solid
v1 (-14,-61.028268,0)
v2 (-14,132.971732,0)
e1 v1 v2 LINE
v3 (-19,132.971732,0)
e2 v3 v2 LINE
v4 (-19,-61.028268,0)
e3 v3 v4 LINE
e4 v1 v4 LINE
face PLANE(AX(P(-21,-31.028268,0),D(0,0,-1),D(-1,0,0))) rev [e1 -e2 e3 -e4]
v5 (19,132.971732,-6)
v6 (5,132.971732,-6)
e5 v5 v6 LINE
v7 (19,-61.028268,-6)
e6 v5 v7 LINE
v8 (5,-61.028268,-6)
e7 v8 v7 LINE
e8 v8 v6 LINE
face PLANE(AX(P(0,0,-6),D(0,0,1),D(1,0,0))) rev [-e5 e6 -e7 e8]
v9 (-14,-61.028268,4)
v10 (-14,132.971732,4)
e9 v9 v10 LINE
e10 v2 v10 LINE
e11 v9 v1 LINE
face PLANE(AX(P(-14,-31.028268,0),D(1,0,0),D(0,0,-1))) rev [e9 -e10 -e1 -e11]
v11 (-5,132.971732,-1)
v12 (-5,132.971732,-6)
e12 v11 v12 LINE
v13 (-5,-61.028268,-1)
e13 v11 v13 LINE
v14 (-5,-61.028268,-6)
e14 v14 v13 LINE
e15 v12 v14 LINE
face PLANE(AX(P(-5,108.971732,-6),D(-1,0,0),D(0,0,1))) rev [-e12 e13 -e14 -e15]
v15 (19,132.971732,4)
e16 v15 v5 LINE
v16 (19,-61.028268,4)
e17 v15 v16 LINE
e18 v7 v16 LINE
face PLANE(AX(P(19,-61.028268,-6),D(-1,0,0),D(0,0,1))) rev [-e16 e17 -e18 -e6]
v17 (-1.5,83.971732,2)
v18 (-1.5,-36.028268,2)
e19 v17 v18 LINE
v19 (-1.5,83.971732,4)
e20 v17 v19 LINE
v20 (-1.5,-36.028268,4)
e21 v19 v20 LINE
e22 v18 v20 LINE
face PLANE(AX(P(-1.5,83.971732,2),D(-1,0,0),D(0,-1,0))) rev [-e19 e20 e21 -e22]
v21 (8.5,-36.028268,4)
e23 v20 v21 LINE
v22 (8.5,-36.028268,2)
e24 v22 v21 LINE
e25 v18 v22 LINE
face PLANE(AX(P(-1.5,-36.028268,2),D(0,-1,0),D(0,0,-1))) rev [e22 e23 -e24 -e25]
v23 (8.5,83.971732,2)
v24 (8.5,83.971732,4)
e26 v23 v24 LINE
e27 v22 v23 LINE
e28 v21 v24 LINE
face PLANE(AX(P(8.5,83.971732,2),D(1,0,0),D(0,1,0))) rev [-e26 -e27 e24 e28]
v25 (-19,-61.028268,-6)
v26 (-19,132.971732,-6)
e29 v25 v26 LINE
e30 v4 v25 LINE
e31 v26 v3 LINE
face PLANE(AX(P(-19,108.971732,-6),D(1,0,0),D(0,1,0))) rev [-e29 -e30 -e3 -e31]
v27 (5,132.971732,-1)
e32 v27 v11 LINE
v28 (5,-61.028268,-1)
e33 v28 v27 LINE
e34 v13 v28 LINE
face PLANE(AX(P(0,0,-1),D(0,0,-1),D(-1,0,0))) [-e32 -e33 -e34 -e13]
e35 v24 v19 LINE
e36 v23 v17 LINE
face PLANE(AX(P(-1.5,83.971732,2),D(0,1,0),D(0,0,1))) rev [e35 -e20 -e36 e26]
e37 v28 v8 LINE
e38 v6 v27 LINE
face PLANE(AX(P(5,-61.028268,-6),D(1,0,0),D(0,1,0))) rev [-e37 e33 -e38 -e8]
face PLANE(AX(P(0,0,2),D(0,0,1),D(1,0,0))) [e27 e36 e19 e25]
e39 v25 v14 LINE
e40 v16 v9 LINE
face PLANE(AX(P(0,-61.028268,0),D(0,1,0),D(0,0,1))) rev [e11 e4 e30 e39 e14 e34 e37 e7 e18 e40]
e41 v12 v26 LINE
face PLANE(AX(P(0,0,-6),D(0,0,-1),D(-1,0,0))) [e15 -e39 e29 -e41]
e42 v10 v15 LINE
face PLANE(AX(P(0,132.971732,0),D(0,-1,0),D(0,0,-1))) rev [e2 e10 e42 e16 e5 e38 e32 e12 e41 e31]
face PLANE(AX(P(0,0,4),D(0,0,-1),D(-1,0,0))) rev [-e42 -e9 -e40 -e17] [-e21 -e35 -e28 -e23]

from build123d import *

# Parameters (mm, degrees)
SKETCH1_W            = 14
SKETCH1_H            = 100
BOSS_EXTRUDE1_DEPTH  = 2
SKETCH2_W            = 2
SKETCH2_H            = 100
BOSS_EXTRUDE2_DEPTH  = 4
SKETCH3_W            = 2
SKETCH3_H            = 100
BOSS_EXTRUDE4_DEPTH  = 2
SKETCH4_W            = 2
SKETCH4_H            = 100
BOSS_EXTRUDE5_DEPTH  = 2
SKETCH6_W            = 18
SKETCH6_H            = 100
BOSS_EXTRUDE6_DEPTH  = 1
SKETCH7_W            = 3
SKETCH7_H            = 100
CUT_EXTRUDE1_DEPTH   = 1
BOSS_EXTRUDE7_DEPTH  = 50
SKETCH9_W            = 3
SKETCH9_H            = 1
CUT_EXTRUDE2_DEPTH   = 150
SKETCH10_W           = 3
SKETCH10_H           = 1
BOSS_EXTRUDE8_DEPTH  = 150
SKETCH11_W           = 2
SKETCH11_H           = 50
CUT_EXTRUDE3_DEPTH   = 50
SKETCH14_W           = 16
SKETCH14_H           = 30
CUT_EXTRUDE4_DEPTH   = 50
SKETCH15_W           = 10
SKETCH15_H           = 2
BOSS_EXTRUDE9_DEPTH  = 4
SKETCH16_W           = 10
SKETCH16_H           = 8
BOSS_EXTRUDE10_DEPTH = 4
SKETCH21_W           = 10
SKETCH21_H           = 8
CUT_EXTRUDE5_DEPTH   = 4
SKETCH23_W           = 16
SKETCH23_H           = 120
CUT_EXTRUDE7_DEPTH   = 2
SKETCH24_W           = 3
SKETCH24_H           = 40
BOSS_EXTRUDE13_DEPTH = 1
BOSS_EXTRUDE14_DEPTH = 50
SKETCH27_W           = 2
SKETCH27_H           = 170
BOSS_EXTRUDE15_DEPTH = 2
SKETCH28_W           = 5
SKETCH28_H           = 170
BOSS_EXTRUDE16_DEPTH = 18
SKETCH29_W           = 5
SKETCH29_H           = 170
BOSS_EXTRUDE17_DEPTH = 40
SKETCH30_W           = 1
SKETCH30_H           = 170
BOSS_EXTRUDE18_DEPTH = 1
SKETCH31_W           = 1
SKETCH31_H           = 170
BOSS_EXTRUDE19_DEPTH = 1
SKETCH32_W           = 10
SKETCH32_H           = 170
CUT_EXTRUDE8_DEPTH   = 2
SKETCH33_W           = 40
SKETCH33_H           = 4
BOSS_EXTRUDE20_DEPTH = 1
SKETCH34_W           = 10
SKETCH34_H           = 40
BOSS_EXTRUDE21_DEPTH = 2
SKETCH35_W           = 3
SKETCH35_H           = 170
CUT_EXTRUDE9_DEPTH   = 1
SKETCH36_W           = 1
SKETCH36_H           = 170
BOSS_EXTRUDE22_DEPTH = 1
SKETCH37_W           = 1
SKETCH37_H           = 170
CUT_EXTRUDE10_DEPTH  = 2
SKETCH39_W           = 6
SKETCH39_H           = 170
CUT_EXTRUDE11_DEPTH  = 4
SKETCH40_W           = 10
SKETCH40_H           = 129
BOSS_EXTRUDE23_DEPTH = 2
SKETCH41_W           = 10
SKETCH41_H           = 120
CUT_EXTRUDE12_DEPTH  = 2
BOSS_EXTRUDE24_DEPTH = 30
CUT_EXTRUDE13_DEPTH  = 30
SKETCH45_W           = 10
SKETCH45_H           = 120
CUT_EXTRUDE14_DEPTH  = 2
SKETCH46_W           = 10
SKETCH46_H           = 20
BOSS_EXTRUDE25_DEPTH = 2
SKETCH47_W           = 10
SKETCH47_H           = 5
BOSS_EXTRUDE26_DEPTH = 2
SKETCH48_W           = 10
SKETCH48_H           = 5
CUT_EXTRUDE15_DEPTH  = 2
SKETCH52_W           = 10
SKETCH52_H           = 120
BOSS_EXTRUDE27_DEPTH = 2
SKETCH53_W           = 10
SKETCH53_H           = 120
CUT_EXTRUDE16_DEPTH  = 2
SKETCH54_W           = 15
SKETCH54_H           = 170
BOSS_EXTRUDE28_DEPTH = 5
SKETCH55_W           = 1
SKETCH55_H           = 170
CUT_EXTRUDE17_DEPTH  = 1
SKETCH56_W           = 1
SKETCH56_H           = 170
CUT_EXTRUDE18_DEPTH  = 10
SKETCH57_W           = 1
SKETCH57_H           = 170
CUT_EXTRUDE19_DEPTH  = 11
BOSS_EXTRUDE29_DEPTH = 14
CUT_EXTRUDE20_DEPTH  = 14
BOSS_EXTRUDE30_DEPTH = 14
BOSS_EXTRUDE31_DEPTH = 10


with BuildPart() as part:
    # Sketch1 → Boss-Extrude1 (new body)
    with BuildSketch(Plane.XY):
        with Locations((-7, 38.971731826)):
            Rectangle(SKETCH1_W, SKETCH1_H)
    extrude(amount=BOSS_EXTRUDE1_DEPTH)

    # Sketch2 → Boss-Extrude2 (add)
    with BuildSketch(Plane.XY.offset(2)):
        with Locations((-13, 38.971731826)):
            Rectangle(SKETCH2_W, SKETCH2_H)
        with Locations((-1, 38.971731826)):
            Rectangle(SKETCH2_W, SKETCH2_H)
    extrude(amount=BOSS_EXTRUDE2_DEPTH)

    # Sketch3 → Boss-Extrude4 (add)
    with BuildSketch(Plane(origin=(0, 0, 0), x_dir=(0, 0, -1), z_dir=(1, 0, 0))):
        with Locations((-1, 38.971731826)):
            Rectangle(SKETCH3_W, SKETCH3_H)
    extrude(amount=BOSS_EXTRUDE4_DEPTH)

    # Sketch4 → Boss-Extrude5 (add)
    with BuildSketch(Plane.ZY.offset(14)):
        with Locations((1, 38.971731826)):
            Rectangle(SKETCH4_W, SKETCH4_H)
    extrude(amount=BOSS_EXTRUDE5_DEPTH)

    # Sketch6 → Boss-Extrude6 (add)
    with BuildSketch(Plane(origin=(0, 0, 0), x_dir=(-1, 0, 0), z_dir=(0, 0, -1))):
        with Locations((7, 38.971731826)):
            Rectangle(SKETCH6_W, SKETCH6_H)
    extrude(amount=BOSS_EXTRUDE6_DEPTH)

    # Sketch7 → Cut-Extrude1 (cut)
    with BuildSketch(Plane(origin=(0, 0, -1), x_dir=(-1, 0, 0), z_dir=(0, 0, -1))):
        with Locations((7, 38.971731826)):
            Rectangle(SKETCH7_W, SKETCH7_H)
    extrude(amount=-CUT_EXTRUDE1_DEPTH, mode=Mode.SUBTRACT)

    # Sketch8 → Boss-Extrude7 (add)
    with BuildSketch(Plane(origin=(0, 88.971731826, 0), x_dir=(1, 0, 0), z_dir=(0, 1, 0))):
        Polygon((2, 1), (-5.5, 1), (-5.5, 0), (-8.5, 0), (-8.5, 1), (-16, 1), (-16, -2), (-14, -2), (-14, -6), (-12, -6), (-12, -2), (-2, -2), (-2, -6), (0, -6), (0, -2), (2, -2), align=None)
    extrude(amount=BOSS_EXTRUDE7_DEPTH)

    # Sketch9 → Cut-Extrude2 (cut)
    with BuildSketch(Plane(origin=(0, 138.971731826, 0), x_dir=(1, 0, 0), z_dir=(0, 1, 0))):
        with Locations((-10, 0.5)):
            Rectangle(SKETCH9_W, SKETCH9_H)
    extrude(amount=-CUT_EXTRUDE2_DEPTH, mode=Mode.SUBTRACT)

    # Sketch10 → Boss-Extrude8 (add)
    with BuildSketch(Plane(origin=(0, 138.971731826, 0), x_dir=(1, 0, 0), z_dir=(0, 1, 0))):
        with Locations((-7, 0.5)):
            Rectangle(SKETCH10_W, SKETCH10_H)
    extrude(amount=-BOSS_EXTRUDE8_DEPTH)

    # Sketch11 → Cut-Extrude3 (cut)
    with BuildSketch(Plane.XY.offset(2)):
        with Locations((-15, 13.971731826)):
            Rectangle(SKETCH11_W, SKETCH11_H)
    extrude(amount=-CUT_EXTRUDE3_DEPTH, mode=Mode.SUBTRACT)

    # Sketch14 → Cut-Extrude4 (cut)
    with BuildSketch(Plane.XY.offset(6)):
        with Locations((-6, 3.971731826)):
            Rectangle(SKETCH14_W, SKETCH14_H)
    extrude(amount=-CUT_EXTRUDE4_DEPTH, mode=Mode.SUBTRACT)

    # Sketch15 → Boss-Extrude9 (add)
    with BuildSketch(Plane.XY.offset(2)):
        with Locations((-7, 137.971731826)):
            Rectangle(SKETCH15_W, SKETCH15_H)
    extrude(amount=BOSS_EXTRUDE9_DEPTH)

    # Sketch16 → Boss-Extrude10 (add)
    with BuildSketch(Plane.XY.offset(2)):
        with Locations((-7, 132.971731826)):
            Rectangle(SKETCH16_W, SKETCH16_H)
    extrude(amount=BOSS_EXTRUDE10_DEPTH)

    # Sketch21 → Cut-Extrude5 (cut)
    with BuildSketch(Plane.XY.offset(6)):
        with Locations((-7, 132.971731826)):
            Rectangle(SKETCH21_W, SKETCH21_H)
    extrude(amount=-CUT_EXTRUDE5_DEPTH, mode=Mode.SUBTRACT)

    # Sketch23 → Cut-Extrude7 (cut)
    with BuildSketch(Plane.XY.offset(6)):
        with Locations((-6, 78.971731826)):
            Rectangle(SKETCH23_W, SKETCH23_H)
    extrude(amount=-CUT_EXTRUDE7_DEPTH, mode=Mode.SUBTRACT)

    # Sketch24 → Boss-Extrude13 (add)
    with BuildSketch(Plane(origin=(0, 0, 0), x_dir=(-1, 0, 0), z_dir=(0, 0, -1))):
        with Locations((10, 118.971731826)):
            Rectangle(SKETCH24_W, SKETCH24_H)
    extrude(amount=BOSS_EXTRUDE13_DEPTH)

    # Sketch26 → Boss-Extrude14 (add)
    with BuildSketch(Plane.XZ.offset(-18.971731826)):
        Polygon((-14, 4), (-12, 4), (-12, 2), (-2, 2), (-2, 4), (0, 4), (0, 2), (2, 2), (2, -1), (-8.5, -1), (-8.5, 0), (-11.5, 0), (-11.5, -1), (-14, -1), align=None)
    extrude(amount=BOSS_EXTRUDE14_DEPTH)

    # Sketch27 → Boss-Extrude15 (add, through all)
    with BuildSketch(Plane(origin=(0, 0, 0), x_dir=(0, 0, -1), z_dir=(1, 0, 0))):
        with Locations((-3, 53.971731826)):
            Rectangle(SKETCH27_W, SKETCH27_H)
    extrude(amount=BOSS_EXTRUDE15_DEPTH)

    # Sketch28 → Boss-Extrude16 (add)
    with BuildSketch(Plane(origin=(2, 0, 0), x_dir=(0, 0, -1), z_dir=(1, 0, 0))):
        with Locations((-1.5, 53.971731826)):
            Rectangle(SKETCH28_W, SKETCH28_H)
    extrude(amount=BOSS_EXTRUDE16_DEPTH)

    # Sketch29 → Boss-Extrude17 (add)
    with BuildSketch(Plane(origin=(20, 0, 0), x_dir=(0, 0, -1), z_dir=(1, 0, 0))):
        with Locations((-1.5, 53.971731826)):
            Rectangle(SKETCH29_W, SKETCH29_H)
    extrude(amount=-BOSS_EXTRUDE17_DEPTH)

    # Sketch30 → Boss-Extrude18 (add)
    with BuildSketch(Plane.ZY.offset(20)):
        with Locations((3.5, 53.971731826)):
            Rectangle(SKETCH30_W, SKETCH30_H)
    extrude(amount=BOSS_EXTRUDE18_DEPTH)

    # Sketch31 → Boss-Extrude19 (add)
    with BuildSketch(Plane(origin=(20, 0, 0), x_dir=(0, 0, -1), z_dir=(1, 0, 0))):
        with Locations((-3.5, 53.971731826)):
            Rectangle(SKETCH31_W, SKETCH31_H)
    extrude(amount=BOSS_EXTRUDE19_DEPTH)

    # Sketch32 → Cut-Extrude8 (cut)
    with BuildSketch(Plane(origin=(0, 0, -1), x_dir=(-1, 0, 0), z_dir=(0, 0, -1))):
        with Locations((0, 53.971731826)):
            Rectangle(SKETCH32_W, SKETCH32_H)
    extrude(amount=-CUT_EXTRUDE8_DEPTH, mode=Mode.SUBTRACT)

    # Sketch33 → Boss-Extrude20 (add)
    with BuildSketch(Plane(origin=(0, 138.971731826, 0), x_dir=(1, 0, 0), z_dir=(0, 1, 0))):
        with Locations((0, -1)):
            Rectangle(SKETCH33_W, SKETCH33_H)
    extrude(amount=-BOSS_EXTRUDE20_DEPTH)

    # Sketch34 → Boss-Extrude21 (add, through all)
    with BuildSketch(Plane(origin=(0, 0, 1), x_dir=(-1, 0, 0), z_dir=(0, 0, -1))):
        with Locations((0, -11.028268174)):
            Rectangle(SKETCH34_W, SKETCH34_H)
    extrude(amount=BOSS_EXTRUDE21_DEPTH)

    # Sketch35 → Cut-Extrude9 (cut)
    with BuildSketch(Plane.XY.offset(4)):
        with Locations((-18, 53.971731826)):
            Rectangle(SKETCH35_W, SKETCH35_H)
    extrude(amount=-CUT_EXTRUDE9_DEPTH, mode=Mode.SUBTRACT)

    # Sketch36 → Boss-Extrude22 (add)
    with BuildSketch(Plane.ZY.offset(20)):
        with Locations((-0.5, 53.971731826)):
            Rectangle(SKETCH36_W, SKETCH36_H)
    extrude(amount=BOSS_EXTRUDE22_DEPTH)

    # Sketch37 → Cut-Extrude10 (cut, through all)
    with BuildSketch(Plane(origin=(0, 0, 3), x_dir=(-1, 0, 0), z_dir=(0, 0, -1))):
        with Locations((20.5, 53.971731826)):
            Rectangle(SKETCH37_W, SKETCH37_H)
    extrude(amount=-CUT_EXTRUDE10_DEPTH, mode=Mode.SUBTRACT)

    # Sketch39 → Cut-Extrude11 (cut)
    with BuildSketch(Plane.XY.offset(4)):
        with Locations((-17, 53.971731826)):
            Rectangle(SKETCH39_W, SKETCH39_H)
    extrude(amount=-CUT_EXTRUDE11_DEPTH, mode=Mode.SUBTRACT)

    # Sketch40 → Boss-Extrude23 (add, through all)
    with BuildSketch(Plane(origin=(0, 0, 1), x_dir=(-1, 0, 0), z_dir=(0, 0, -1))):
        with Locations((0, 73.471731826)):
            Rectangle(SKETCH40_W, SKETCH40_H)
    extrude(amount=BOSS_EXTRUDE23_DEPTH)

    # Sketch41 → Cut-Extrude12 (cut)
    with BuildSketch(Plane.XY.offset(4)):
        with Locations((0, 38.971731826)):
            Rectangle(SKETCH41_W, SKETCH41_H)
    extrude(amount=-CUT_EXTRUDE12_DEPTH, mode=Mode.SUBTRACT)

    # Sketch43 → Boss-Extrude24 (add)
    with BuildSketch(Plane.XZ.offset(31.028268174)):
        Polygon((-21, -1), (-21, 0), (-14, 0), (-14, 4), (21, 4), (21, 3), (20, 3), (20, -1), align=None)
    extrude(amount=BOSS_EXTRUDE24_DEPTH)

    # Sketch44 → Cut-Extrude13 (cut)
    with BuildSketch(Plane(origin=(0, 138.971731826, 0), x_dir=(1, 0, 0), z_dir=(0, 1, 0))):
        Polygon((-21, 1), (20, 1), (20, -3), (21, -3), (21, -4), (-14, -4), (-14, 0), (-21, 0), align=None)
    extrude(amount=-CUT_EXTRUDE13_DEPTH, mode=Mode.SUBTRACT)

    # Sketch45 → Cut-Extrude14 (cut)
    with BuildSketch(Plane.XY.offset(4)):
        with Locations((0, 18.971731826)):
            Rectangle(SKETCH45_W, SKETCH45_H)
    extrude(amount=-CUT_EXTRUDE14_DEPTH, mode=Mode.SUBTRACT)

    # Sketch46 → Boss-Extrude25 (add)
    with BuildSketch(Plane.XY.offset(4)):
        with Locations((0, 88.971731826)):
            Rectangle(SKETCH46_W, SKETCH46_H)
    extrude(amount=-BOSS_EXTRUDE25_DEPTH)

    # Sketch47 → Boss-Extrude26 (add)
    with BuildSketch(Plane.XY.offset(4)):
        with Locations((0, -38.528268174)):
            Rectangle(SKETCH47_W, SKETCH47_H)
    extrude(amount=-BOSS_EXTRUDE26_DEPTH)

    # Sketch48 → Cut-Extrude15 (cut)
    with BuildSketch(Plane.XY.offset(4)):
        with Locations((0, 81.471731826)):
            Rectangle(SKETCH48_W, SKETCH48_H)
    extrude(amount=-CUT_EXTRUDE15_DEPTH, mode=Mode.SUBTRACT)

    # Sketch52 → Boss-Extrude27 (add)
    with BuildSketch(Plane.XY.offset(4)):
        with Locations((0, 23.971731826)):
            Rectangle(SKETCH52_W, SKETCH52_H)
    extrude(amount=-BOSS_EXTRUDE27_DEPTH)

    # Sketch53 → Cut-Extrude16 (cut)
    with BuildSketch(Plane.XY.offset(4)):
        with Locations((3.5, 23.971731826)):
            Rectangle(SKETCH53_W, SKETCH53_H)
    extrude(amount=-CUT_EXTRUDE16_DEPTH, mode=Mode.SUBTRACT)

    # Sketch54 → Boss-Extrude28 (add)
    with BuildSketch(Plane(origin=(0, 0, -1), x_dir=(-1, 0, 0), z_dir=(0, 0, -1))):
        with Locations((-12.5, 23.971731826)):
            Rectangle(SKETCH54_W, SKETCH54_H)
        with Locations((12.5, 23.971731826)):
            Rectangle(SKETCH54_W, SKETCH54_H)
    extrude(amount=BOSS_EXTRUDE28_DEPTH)

    # Sketch55 → Cut-Extrude17 (cut)
    with BuildSketch(Plane(origin=(0, 0, -1), x_dir=(-1, 0, 0), z_dir=(0, 0, -1))):
        with Locations((20.5, 23.971731826)):
            Rectangle(SKETCH55_W, SKETCH55_H)
    extrude(amount=-CUT_EXTRUDE17_DEPTH, mode=Mode.SUBTRACT)

    # Sketch56 → Cut-Extrude18 (cut)
    with BuildSketch(Plane(origin=(0, 0, 3), x_dir=(-1, 0, 0), z_dir=(0, 0, -1))):
        with Locations((-20.5, 23.971731826)):
            Rectangle(SKETCH56_W, SKETCH56_H)
    extrude(amount=-CUT_EXTRUDE18_DEPTH, mode=Mode.SUBTRACT)

    # Sketch57 → Cut-Extrude19 (cut, through all)
    with BuildSketch(Plane.XY.offset(4)):
        with Locations((19.5, 23.971731826)):
            Rectangle(SKETCH57_W, SKETCH57_H)
        with Locations((-19.5, 23.971731826)):
            Rectangle(SKETCH57_W, SKETCH57_H)
    extrude(amount=-CUT_EXTRUDE19_DEPTH, mode=Mode.SUBTRACT)

    # Sketch58 → Boss-Extrude29 (add)
    with BuildSketch(Plane.XZ.offset(61.028268174)):
        Polygon((-19, -6), (-5, -6), (-5, -1), (5, -1), (5, -6), (19, -6), (19, 4), (-14, 4), (-14, 0), (-19, 0), align=None)
    extrude(amount=BOSS_EXTRUDE29_DEPTH)

    # Sketch59 → Cut-Extrude20 (cut)
    with BuildSketch(Plane.XZ.offset(75.028268174)):
        Polygon((-19, -6), (-19, 0), (-14, 0), (-14, 4), (19, 4), (19, -6), (5, -6), (5, -1), (-5, -1), (-5, -6), align=None)
    extrude(amount=-CUT_EXTRUDE20_DEPTH, mode=Mode.SUBTRACT)

    # Sketch60 → Boss-Extrude30 (add)
    with BuildSketch(Plane(origin=(0, 108.971731826, 0), x_dir=(1, 0, 0), z_dir=(0, 1, 0))):
        Polygon((-19, 6), (-5, 6), (-5, 1), (5, 1), (5, 6), (19, 6), (19, -4), (-14, -4), (-14, 0), (-19, 0), align=None)
    extrude(amount=BOSS_EXTRUDE30_DEPTH)

    # Sketch61 → Boss-Extrude31 (add)
    with BuildSketch(Plane(origin=(0, 122.971731826, 0), x_dir=(1, 0, 0), z_dir=(0, 1, 0))):
        Polygon((-19, 6), (-5, 6), (-5, 1), (5, 1), (5, 6), (19, 6), (19, -4), (-14, -4), (-14, 0), (-19, 0), align=None)
    extrude(amount=BOSS_EXTRUDE31_DEPTH)


solid = part.part
